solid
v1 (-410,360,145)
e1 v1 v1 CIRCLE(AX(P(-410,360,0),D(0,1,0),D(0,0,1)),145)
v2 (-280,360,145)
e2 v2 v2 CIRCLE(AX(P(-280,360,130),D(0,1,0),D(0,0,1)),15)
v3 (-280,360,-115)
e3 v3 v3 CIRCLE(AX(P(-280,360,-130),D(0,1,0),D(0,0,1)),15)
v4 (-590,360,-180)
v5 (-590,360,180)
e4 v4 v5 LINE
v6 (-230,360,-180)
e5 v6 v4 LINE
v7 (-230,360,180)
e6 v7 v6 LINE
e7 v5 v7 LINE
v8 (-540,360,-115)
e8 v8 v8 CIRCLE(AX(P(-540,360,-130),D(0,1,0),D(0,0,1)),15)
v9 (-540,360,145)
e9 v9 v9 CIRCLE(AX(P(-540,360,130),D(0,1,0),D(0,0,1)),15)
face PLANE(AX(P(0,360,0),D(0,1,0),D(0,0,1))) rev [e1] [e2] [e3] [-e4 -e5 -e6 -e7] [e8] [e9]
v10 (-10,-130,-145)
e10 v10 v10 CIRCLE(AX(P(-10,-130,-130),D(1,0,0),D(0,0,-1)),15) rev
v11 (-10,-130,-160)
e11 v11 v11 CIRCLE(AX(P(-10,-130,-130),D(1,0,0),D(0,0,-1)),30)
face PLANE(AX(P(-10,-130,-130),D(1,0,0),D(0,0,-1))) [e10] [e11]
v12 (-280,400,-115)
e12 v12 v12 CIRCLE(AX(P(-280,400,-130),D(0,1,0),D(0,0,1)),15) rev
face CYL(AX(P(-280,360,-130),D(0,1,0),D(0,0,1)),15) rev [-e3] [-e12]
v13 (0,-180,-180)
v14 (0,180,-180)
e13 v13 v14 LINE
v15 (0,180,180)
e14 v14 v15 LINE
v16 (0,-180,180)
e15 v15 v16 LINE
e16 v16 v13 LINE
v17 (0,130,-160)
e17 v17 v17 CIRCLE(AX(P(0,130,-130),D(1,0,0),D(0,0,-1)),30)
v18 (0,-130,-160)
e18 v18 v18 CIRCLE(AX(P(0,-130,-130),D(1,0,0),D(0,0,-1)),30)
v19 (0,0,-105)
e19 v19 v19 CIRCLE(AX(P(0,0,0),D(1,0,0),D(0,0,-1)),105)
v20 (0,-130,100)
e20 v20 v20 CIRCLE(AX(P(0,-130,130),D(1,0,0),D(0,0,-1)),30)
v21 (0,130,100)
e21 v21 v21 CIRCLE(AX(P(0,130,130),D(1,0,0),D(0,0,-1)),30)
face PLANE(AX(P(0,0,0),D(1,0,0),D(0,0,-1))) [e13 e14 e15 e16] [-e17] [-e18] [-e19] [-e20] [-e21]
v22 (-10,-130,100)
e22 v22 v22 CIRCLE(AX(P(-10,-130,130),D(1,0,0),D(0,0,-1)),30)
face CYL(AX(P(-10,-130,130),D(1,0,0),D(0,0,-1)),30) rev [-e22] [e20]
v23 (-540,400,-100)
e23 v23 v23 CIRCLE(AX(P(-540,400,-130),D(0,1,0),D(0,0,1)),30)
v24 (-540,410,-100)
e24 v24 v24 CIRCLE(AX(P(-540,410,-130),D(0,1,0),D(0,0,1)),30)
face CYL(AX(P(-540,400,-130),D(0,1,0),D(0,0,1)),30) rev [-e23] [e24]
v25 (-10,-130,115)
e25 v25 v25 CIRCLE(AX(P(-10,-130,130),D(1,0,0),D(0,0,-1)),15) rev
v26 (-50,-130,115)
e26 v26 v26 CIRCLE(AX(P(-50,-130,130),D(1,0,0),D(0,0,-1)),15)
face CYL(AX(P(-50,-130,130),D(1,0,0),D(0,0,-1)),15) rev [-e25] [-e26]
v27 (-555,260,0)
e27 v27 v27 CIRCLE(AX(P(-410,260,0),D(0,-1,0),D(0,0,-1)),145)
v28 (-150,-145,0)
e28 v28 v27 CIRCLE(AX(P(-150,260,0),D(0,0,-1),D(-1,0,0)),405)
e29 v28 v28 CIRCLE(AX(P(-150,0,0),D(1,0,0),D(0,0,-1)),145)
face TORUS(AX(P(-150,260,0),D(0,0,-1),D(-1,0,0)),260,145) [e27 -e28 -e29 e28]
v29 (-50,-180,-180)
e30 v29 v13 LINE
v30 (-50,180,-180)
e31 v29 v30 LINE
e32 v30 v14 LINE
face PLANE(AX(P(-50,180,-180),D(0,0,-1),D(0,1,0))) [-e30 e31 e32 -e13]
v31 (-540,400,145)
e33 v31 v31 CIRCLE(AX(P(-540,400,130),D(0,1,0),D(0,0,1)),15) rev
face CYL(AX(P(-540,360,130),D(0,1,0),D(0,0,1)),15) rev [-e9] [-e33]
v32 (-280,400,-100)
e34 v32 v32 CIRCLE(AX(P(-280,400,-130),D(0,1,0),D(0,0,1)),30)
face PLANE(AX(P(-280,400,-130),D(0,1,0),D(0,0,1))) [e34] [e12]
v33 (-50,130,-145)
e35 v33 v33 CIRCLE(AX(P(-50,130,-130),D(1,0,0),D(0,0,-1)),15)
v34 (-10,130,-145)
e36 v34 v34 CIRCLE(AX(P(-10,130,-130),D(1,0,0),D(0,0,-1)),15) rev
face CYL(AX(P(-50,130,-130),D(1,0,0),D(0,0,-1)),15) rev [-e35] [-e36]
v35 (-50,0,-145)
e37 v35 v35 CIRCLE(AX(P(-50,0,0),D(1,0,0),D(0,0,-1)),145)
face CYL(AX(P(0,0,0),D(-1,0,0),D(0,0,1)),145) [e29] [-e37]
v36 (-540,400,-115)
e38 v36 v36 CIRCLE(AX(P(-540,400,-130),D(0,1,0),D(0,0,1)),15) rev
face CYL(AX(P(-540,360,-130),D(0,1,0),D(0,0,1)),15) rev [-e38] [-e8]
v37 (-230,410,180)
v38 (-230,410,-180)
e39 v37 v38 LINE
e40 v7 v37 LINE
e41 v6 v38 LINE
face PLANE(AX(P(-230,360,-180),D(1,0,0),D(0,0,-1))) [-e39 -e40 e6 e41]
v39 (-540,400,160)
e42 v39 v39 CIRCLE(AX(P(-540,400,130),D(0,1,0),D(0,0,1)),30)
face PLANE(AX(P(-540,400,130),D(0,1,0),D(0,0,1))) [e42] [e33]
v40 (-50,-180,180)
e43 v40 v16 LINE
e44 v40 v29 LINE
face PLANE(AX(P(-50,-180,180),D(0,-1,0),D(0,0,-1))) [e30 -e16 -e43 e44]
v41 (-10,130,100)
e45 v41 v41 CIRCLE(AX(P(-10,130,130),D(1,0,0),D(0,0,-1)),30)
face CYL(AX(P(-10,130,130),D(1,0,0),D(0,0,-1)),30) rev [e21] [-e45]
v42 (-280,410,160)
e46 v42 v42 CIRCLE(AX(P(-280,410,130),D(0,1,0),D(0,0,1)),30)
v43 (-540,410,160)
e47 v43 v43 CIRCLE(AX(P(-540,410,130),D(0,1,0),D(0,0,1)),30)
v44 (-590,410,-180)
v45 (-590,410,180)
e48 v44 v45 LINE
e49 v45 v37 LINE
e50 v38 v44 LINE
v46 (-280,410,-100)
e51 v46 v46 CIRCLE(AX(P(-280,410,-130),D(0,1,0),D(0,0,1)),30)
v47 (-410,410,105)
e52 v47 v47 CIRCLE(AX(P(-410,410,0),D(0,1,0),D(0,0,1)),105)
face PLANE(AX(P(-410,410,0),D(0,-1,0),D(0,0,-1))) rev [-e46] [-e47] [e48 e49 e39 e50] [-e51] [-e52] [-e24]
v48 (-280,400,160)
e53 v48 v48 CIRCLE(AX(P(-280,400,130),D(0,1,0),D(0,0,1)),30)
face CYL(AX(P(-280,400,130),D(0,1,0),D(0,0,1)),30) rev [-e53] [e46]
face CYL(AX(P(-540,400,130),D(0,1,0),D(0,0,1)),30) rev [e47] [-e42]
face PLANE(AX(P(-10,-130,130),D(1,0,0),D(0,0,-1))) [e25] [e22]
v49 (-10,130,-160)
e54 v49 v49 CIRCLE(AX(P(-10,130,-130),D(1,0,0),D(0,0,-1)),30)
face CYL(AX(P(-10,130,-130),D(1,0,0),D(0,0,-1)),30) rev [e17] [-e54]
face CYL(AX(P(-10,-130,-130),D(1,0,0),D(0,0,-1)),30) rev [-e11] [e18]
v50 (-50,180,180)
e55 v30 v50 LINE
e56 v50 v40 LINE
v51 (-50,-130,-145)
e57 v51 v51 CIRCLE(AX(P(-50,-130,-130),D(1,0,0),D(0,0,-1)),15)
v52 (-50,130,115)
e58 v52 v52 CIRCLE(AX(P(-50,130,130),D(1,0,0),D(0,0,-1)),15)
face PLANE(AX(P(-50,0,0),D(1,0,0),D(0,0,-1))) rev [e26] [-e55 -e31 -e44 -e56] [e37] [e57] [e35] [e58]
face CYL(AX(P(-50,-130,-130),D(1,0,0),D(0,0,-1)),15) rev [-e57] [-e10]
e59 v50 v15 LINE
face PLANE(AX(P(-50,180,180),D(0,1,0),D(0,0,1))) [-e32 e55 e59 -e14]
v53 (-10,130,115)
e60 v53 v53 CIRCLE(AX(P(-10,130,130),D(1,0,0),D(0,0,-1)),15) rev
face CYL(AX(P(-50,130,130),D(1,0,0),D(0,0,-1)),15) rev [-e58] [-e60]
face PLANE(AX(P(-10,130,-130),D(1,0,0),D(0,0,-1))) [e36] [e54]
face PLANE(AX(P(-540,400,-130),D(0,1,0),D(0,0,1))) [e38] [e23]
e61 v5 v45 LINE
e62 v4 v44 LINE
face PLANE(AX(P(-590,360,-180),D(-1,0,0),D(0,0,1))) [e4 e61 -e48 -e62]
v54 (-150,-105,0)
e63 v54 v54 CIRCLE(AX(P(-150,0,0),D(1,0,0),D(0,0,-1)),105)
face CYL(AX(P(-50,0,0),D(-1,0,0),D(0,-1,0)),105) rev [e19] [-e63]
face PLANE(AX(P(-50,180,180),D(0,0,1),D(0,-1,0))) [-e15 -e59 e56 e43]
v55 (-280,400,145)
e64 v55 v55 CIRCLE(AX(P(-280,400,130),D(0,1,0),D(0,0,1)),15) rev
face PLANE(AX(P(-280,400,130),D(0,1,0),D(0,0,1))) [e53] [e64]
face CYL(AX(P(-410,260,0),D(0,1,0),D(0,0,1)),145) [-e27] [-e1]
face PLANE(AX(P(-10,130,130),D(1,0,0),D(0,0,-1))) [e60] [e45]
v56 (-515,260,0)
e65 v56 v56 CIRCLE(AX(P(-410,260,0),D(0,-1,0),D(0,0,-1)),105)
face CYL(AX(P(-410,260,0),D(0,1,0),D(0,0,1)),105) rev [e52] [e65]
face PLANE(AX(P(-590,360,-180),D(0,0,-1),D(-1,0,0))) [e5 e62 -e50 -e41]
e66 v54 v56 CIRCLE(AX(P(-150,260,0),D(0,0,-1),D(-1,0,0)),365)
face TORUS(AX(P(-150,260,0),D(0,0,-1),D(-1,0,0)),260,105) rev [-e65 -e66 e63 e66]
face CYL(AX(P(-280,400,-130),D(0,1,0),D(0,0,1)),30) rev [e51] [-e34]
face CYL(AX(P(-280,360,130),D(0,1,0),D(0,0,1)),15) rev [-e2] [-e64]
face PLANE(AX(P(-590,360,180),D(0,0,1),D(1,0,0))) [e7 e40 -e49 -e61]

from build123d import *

# Parameters (mm, degrees)
IZIM4_R                     = 145
IZIM5_W                     = 360
IZIM5_H                     = 360
Y_KSEKLIK_EKSTR_ZYON1_DEPTH = 50
IZIM6_W                     = 360
IZIM6_H                     = 360
Y_KSEKLIK_EKSTR_ZYON2_DEPTH = 50
IZIM7_R                     = 15
KES_EKSTR_ZYON1_DEPTH       = 50
IZIM8_R                     = 30
KES_EKSTR_ZYON2_DEPTH       = 10
IZIM9_R                     = 15
Y_KSEKLIK_EKSTR_ZYON3_DEPTH = 50
IZIM9_2_R                   = 15
KES_EKSTR_ZYON3_DEPTH       = 50
IZIM10_R                    = 30
KES_EKSTR_ZYON4_DEPTH       = 10
KES_S_P_R2_PROFILE_R        = 105
KES_EKSTR_ZYON5_START       = -50
IZIM47_R                    = 105
KES_EKSTR_ZYON5_DEPTH       = 50
IZIM48_R                    = 105
KES_EKSTR_ZYON6_DEPTH       = 50


with BuildPart() as part:
    # Süpür1: sweep along a path in Çizim1
    with BuildLine(Plane.XY) as s_p_r1_path:
        Line((0, 0), (-150, 0))
        ThreePointArc((-150, 0), (-333.847763109, 76.152236891), (-410, 260))
        Line((-410, 260), (-410, 410))
    # Çizim4 → Süpür1 (sweep)
    with BuildSketch(Plane(origin=(0, 0, 0), x_dir=(0, 0, -1), z_dir=(1, 0, 0))):
        Circle(IZIM4_R)
    sweep(path=s_p_r1_path.line)

    # Çizim5 → Yükseklik-Ekstrüzyon1 (add)
    with BuildSketch(Plane(origin=(0, 410, 0), x_dir=(1, 0, 0), z_dir=(0, 1, 0))):
        with Locations((-410, 0)):
            Rectangle(IZIM5_W, IZIM5_H)
    extrude(amount=-Y_KSEKLIK_EKSTR_ZYON1_DEPTH)

    # Çizim6 → Yükseklik-Ekstrüzyon2 (add)
    with BuildSketch(Plane(origin=(0, 0, 0), x_dir=(0, 0, -1), z_dir=(1, 0, 0))):
        Rectangle(IZIM6_W, IZIM6_H)
    extrude(amount=-Y_KSEKLIK_EKSTR_ZYON2_DEPTH)

    # Çizim7 → Kes-Ekstrüzyon1 (cut)
    with BuildSketch(Plane(origin=(0, 410, 0), x_dir=(1, 0, 0), z_dir=(0, 1, 0))):
        with Locations((-540, 130)):
            Circle(IZIM7_R)
        with Locations((-280, 130)):
            Circle(IZIM7_R)
        with Locations((-540, -130)):
            Circle(IZIM7_R)
        with Locations((-280, -130)):
            Circle(IZIM7_R)
    extrude(amount=-KES_EKSTR_ZYON1_DEPTH, mode=Mode.SUBTRACT)

    # Çizim8 → Kes-Ekstrüzyon2 (cut)
    with BuildSketch(Plane(origin=(0, 410, 0), x_dir=(1, 0, 0), z_dir=(0, 1, 0))):
        with Locations((-540, 130)):
            Circle(IZIM8_R)
        with Locations((-280, 130)):
            Circle(IZIM8_R)
        with Locations((-280, -130)):
            Circle(IZIM8_R)
        with Locations((-540, -130)):
            Circle(IZIM8_R)
    extrude(amount=-KES_EKSTR_ZYON2_DEPTH, mode=Mode.SUBTRACT)

    # Çizim9 → Yükseklik-Ekstrüzyon3 (add)
    with BuildSketch(Plane(origin=(0, 0, 0), x_dir=(0, 0, -1), z_dir=(1, 0, 0))):
        with Locations((-130, 130)):
            Circle(IZIM9_R)
        with Locations((130, 130)):
            Circle(IZIM9_R)
        with Locations((130, -130)):
            Circle(IZIM9_R)
        with Locations((-130, -130)):
            Circle(IZIM9_R)
    extrude(amount=-Y_KSEKLIK_EKSTR_ZYON3_DEPTH)

    # Çizim9<2> → Kes-Ekstrüzyon3 (cut)
    with BuildSketch(Plane(origin=(0, 0, 0), x_dir=(0, 0, -1), z_dir=(1, 0, 0))):
        with Locations((-130, 130)):
            Circle(IZIM9_2_R)
        with Locations((130, 130)):
            Circle(IZIM9_2_R)
        with Locations((130, -130)):
            Circle(IZIM9_2_R)
        with Locations((-130, -130)):
            Circle(IZIM9_2_R)
    extrude(amount=-KES_EKSTR_ZYON3_DEPTH, mode=Mode.SUBTRACT)

    # Çizim10 → Kes-Ekstrüzyon4 (cut)
    with BuildSketch(Plane(origin=(0, 0, 0), x_dir=(0, 0, -1), z_dir=(1, 0, 0))):
        with Locations((-130, 130)):
            Circle(IZIM10_R)
        with Locations((130, 130)):
            Circle(IZIM10_R)
        with Locations((130, -130)):
            Circle(IZIM10_R)
        with Locations((-130, -130)):
            Circle(IZIM10_R)
    extrude(amount=-KES_EKSTR_ZYON4_DEPTH, mode=Mode.SUBTRACT)

    # Kes-Süpür2: sweep along a path in Çizim11
    with BuildLine(Plane.XY) as kes_s_p_r2_path:
        Line((-50, 0), (-150, 0))
        ThreePointArc((-150, 0), (-333.847763109, 76.152236891), (-410, 260))
        Line((-410, 260), (-410, 360))
    # Kes-Süpür2 profile (on start of the path) → Kes-Süpür2 (sweep, cut)
    with BuildSketch(Plane(origin=(-50, 0, 0), x_dir=(0, -1, 0), z_dir=(-1, 0, 0))):
        Circle(KES_S_P_R2_PROFILE_R)
    sweep(path=kes_s_p_r2_path.line, mode=Mode.SUBTRACT)

    # Çizim47 → Kes-Ekstrüzyon5 (cut)
    with BuildSketch(Plane(origin=(0, 0, 0), x_dir=(0, 0, -1), z_dir=(1, 0, 0)).offset(KES_EKSTR_ZYON5_START)):
        Circle(IZIM47_R)
    extrude(amount=KES_EKSTR_ZYON5_DEPTH, mode=Mode.SUBTRACT)

    # Çizim48 → Kes-Ekstrüzyon6 (cut)
    with BuildSketch(Plane(origin=(0, 410, 0), x_dir=(1, 0, 0), z_dir=(0, 1, 0))):
        with Locations((-410, 0)):
            Circle(IZIM48_R)
    extrude(amount=-KES_EKSTR_ZYON6_DEPTH, mode=Mode.SUBTRACT)


solid = part.part
